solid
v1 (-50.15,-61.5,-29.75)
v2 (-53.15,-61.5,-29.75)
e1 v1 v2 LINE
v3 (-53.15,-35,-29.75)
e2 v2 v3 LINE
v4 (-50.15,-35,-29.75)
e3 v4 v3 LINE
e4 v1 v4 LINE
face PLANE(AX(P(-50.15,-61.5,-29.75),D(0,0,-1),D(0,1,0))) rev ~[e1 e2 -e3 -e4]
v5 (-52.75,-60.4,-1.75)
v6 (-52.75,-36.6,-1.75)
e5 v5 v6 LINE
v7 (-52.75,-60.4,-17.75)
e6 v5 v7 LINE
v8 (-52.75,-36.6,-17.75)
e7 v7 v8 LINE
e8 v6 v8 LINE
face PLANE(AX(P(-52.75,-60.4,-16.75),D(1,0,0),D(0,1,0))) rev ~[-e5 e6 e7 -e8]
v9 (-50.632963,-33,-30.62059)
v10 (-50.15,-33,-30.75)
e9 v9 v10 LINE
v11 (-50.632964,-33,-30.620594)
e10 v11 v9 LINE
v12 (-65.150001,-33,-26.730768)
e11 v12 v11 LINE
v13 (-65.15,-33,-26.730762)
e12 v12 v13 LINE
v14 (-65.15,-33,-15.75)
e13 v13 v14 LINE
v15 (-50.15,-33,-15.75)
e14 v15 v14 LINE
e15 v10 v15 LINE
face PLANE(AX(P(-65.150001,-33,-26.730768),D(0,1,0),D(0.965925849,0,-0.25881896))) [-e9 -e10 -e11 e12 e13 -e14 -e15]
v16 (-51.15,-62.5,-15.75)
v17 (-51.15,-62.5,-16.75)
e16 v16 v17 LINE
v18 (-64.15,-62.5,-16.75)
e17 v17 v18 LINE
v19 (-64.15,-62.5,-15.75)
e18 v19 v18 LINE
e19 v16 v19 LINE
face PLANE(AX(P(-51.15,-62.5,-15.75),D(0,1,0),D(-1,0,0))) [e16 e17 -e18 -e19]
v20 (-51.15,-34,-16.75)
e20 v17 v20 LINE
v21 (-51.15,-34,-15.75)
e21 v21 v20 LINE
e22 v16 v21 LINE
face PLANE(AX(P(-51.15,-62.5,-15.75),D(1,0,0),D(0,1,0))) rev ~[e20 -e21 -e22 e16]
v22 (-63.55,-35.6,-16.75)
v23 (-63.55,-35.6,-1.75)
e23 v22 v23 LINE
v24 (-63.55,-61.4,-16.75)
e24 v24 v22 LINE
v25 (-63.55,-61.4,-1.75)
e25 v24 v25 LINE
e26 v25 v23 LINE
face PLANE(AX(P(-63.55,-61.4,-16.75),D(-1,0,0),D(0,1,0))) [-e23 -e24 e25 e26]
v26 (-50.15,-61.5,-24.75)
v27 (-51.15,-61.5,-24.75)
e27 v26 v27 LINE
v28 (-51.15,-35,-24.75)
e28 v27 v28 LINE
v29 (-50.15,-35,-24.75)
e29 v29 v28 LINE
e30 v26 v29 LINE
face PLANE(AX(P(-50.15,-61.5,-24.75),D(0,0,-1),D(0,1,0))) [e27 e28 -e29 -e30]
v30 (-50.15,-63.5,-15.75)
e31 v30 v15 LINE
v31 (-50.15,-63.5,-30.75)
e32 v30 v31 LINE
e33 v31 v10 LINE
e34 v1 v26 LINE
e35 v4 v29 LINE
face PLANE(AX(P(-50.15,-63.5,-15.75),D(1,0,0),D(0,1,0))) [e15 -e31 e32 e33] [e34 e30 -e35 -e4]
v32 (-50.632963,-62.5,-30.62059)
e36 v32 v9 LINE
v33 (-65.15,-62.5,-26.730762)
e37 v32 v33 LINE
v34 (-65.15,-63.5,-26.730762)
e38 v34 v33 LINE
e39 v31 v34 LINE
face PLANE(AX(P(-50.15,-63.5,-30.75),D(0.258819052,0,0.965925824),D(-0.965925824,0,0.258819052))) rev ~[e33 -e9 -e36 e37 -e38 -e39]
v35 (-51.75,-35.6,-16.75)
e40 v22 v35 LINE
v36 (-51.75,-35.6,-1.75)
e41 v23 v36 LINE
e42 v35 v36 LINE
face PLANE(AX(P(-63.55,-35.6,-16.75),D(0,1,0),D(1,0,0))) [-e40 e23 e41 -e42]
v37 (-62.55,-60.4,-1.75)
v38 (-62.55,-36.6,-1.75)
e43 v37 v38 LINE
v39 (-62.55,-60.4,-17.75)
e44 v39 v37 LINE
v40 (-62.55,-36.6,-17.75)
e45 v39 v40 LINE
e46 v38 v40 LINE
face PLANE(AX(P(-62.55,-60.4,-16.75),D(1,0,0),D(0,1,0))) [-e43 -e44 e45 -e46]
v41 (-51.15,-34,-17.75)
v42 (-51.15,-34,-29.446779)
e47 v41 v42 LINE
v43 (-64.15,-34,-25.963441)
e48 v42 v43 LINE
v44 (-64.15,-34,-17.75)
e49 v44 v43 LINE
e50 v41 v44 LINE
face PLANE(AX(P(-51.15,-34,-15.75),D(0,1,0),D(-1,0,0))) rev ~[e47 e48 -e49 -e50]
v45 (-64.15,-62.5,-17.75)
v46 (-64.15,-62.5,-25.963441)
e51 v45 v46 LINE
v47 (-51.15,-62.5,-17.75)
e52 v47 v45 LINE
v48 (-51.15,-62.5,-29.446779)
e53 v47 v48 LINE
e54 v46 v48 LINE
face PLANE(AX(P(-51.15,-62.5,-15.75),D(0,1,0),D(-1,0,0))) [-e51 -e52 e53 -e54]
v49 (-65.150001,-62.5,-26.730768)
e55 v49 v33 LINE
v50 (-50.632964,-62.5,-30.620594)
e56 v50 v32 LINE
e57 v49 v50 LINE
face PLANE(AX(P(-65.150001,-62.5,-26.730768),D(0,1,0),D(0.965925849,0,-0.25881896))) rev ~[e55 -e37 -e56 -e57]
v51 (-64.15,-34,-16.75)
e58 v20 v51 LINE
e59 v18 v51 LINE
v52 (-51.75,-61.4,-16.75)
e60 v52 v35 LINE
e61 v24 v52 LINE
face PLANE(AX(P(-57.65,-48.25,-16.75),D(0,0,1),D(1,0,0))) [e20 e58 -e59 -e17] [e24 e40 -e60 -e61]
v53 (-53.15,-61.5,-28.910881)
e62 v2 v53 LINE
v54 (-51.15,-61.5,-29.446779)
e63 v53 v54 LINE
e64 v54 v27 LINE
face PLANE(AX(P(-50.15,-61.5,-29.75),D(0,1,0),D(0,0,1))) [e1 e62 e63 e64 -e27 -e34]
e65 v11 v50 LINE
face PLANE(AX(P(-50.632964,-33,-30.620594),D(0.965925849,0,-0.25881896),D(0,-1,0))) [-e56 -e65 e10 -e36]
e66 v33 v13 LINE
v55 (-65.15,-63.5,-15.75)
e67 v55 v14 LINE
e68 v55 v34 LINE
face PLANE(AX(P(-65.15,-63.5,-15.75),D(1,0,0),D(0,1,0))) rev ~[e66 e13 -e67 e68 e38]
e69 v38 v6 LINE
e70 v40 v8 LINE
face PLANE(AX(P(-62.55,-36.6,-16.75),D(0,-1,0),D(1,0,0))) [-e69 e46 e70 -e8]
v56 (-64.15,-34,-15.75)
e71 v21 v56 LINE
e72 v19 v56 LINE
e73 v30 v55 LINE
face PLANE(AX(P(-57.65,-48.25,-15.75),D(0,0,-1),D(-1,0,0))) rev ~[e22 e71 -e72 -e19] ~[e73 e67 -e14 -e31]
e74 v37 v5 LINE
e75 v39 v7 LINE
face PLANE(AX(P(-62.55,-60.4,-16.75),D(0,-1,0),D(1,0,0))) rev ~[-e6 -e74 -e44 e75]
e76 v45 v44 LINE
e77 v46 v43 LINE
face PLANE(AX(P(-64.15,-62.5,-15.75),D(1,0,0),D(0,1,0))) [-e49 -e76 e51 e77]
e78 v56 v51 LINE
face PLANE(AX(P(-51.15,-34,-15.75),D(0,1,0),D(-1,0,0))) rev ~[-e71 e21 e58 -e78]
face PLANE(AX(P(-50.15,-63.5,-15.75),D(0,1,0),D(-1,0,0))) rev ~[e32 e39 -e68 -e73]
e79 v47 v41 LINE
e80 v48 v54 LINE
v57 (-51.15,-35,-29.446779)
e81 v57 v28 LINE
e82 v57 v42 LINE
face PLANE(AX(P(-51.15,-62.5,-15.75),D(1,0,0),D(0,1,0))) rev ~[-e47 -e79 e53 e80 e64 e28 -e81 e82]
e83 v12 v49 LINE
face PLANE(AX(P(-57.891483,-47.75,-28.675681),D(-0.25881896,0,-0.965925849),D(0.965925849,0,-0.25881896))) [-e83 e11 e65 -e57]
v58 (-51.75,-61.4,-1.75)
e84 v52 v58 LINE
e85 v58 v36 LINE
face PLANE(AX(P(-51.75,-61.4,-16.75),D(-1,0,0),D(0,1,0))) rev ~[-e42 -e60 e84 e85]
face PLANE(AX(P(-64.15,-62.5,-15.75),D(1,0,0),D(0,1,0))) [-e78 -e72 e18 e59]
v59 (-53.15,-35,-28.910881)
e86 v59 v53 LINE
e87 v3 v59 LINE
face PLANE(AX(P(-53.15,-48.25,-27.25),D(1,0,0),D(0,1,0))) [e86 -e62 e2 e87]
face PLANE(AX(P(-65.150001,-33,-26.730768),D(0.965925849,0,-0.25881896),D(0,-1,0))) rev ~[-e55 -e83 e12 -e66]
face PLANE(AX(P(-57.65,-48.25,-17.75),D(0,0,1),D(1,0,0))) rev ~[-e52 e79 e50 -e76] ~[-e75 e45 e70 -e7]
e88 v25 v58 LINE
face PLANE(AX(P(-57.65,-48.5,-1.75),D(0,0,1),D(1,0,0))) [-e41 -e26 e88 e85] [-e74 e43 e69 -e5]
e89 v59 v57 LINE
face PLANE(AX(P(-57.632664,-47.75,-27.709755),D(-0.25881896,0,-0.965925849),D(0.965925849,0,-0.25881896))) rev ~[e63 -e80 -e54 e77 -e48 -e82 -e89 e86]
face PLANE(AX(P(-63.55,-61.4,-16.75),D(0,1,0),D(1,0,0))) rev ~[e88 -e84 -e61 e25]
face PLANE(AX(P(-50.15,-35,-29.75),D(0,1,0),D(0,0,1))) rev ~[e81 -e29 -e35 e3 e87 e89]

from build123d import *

# Parameters (mm, degrees)
SKETCH061_W        = 11.8
SKETCH061_H        = 25.8
SKETCH061_W_2      = 9.8
SKETCH061_H_2      = 23.8
PAD031_DEPTH       = 15
SKETCH062_W        = 15
SKETCH062_H        = 30.5
SKETCH062_W_2      = 9.8
SKETCH062_H_2      = 23.8
PAD032_DEPTH       = 1
SKETCH063_W        = 15
SKETCH063_H        = 30.5
SKETCH063_W_2      = 13
SKETCH063_H_2      = 28.5
PAD033_DEPTH       = 15
POCKET007016_DEPTH = 30.501
SKETCH065_W        = 15.029142
SKETCH065_H        = 29.5
PAD034_DEPTH       = 1
SKETCH066_W        = 26.5
SKETCH066_H        = 5
POCKET007017_DEPTH = 3


with BuildPart() as part:
    # Sketch061 → Pad031 (new body)
    with BuildSketch(Plane.XY):
        with Locations((-57.65, -16.5)):
            Rectangle(SKETCH061_W, SKETCH061_H)
        with Locations((-57.65, -16.5)):
            Rectangle(SKETCH061_W_2, SKETCH061_H_2, mode=Mode.SUBTRACT)
    extrude(amount=PAD031_DEPTH)

    # Sketch062 → Pad032 (join)
    with BuildSketch(Plane.XY):
        with Locations((-57.65, -16.25)):
            Rectangle(SKETCH062_W, SKETCH062_H)
        with Locations((-57.65, -16.5)):
            Rectangle(SKETCH062_W_2, SKETCH062_H_2, mode=Mode.SUBTRACT)
    extrude(amount=-PAD032_DEPTH)

    # Sketch063 (on DatumPlane) → Pad033 (join)
    with BuildSketch(Plane(origin=(0, 0, 1), x_dir=(-1, 0, 0), z_dir=(0, 0, -1))):
        with Locations((57.65, -16.25)):
            Rectangle(SKETCH063_W, SKETCH063_H)
        with Locations((57.65, -16.25)):
            Rectangle(SKETCH063_W_2, SKETCH063_H_2, mode=Mode.SUBTRACT)
    extrude(amount=PAD033_DEPTH)

    # Sketch064 (on DatumPlane) → Pocket007016 (cut, through all)
    with BuildSketch(Plane(origin=(-65.15, -31.5, 1), x_dir=(1, 0, 0), z_dir=(0, -1, 0))):
        Polygon((15, -15), (0, -10.980762), (0, -15), align=None)
    extrude(amount=-POCKET007016_DEPTH, mode=Mode.SUBTRACT)

    # Sketch065 (on Face37 of Pocket007016) → Pad034 (join)
    with BuildSketch(Plane(origin=(-6.859413, 0, -25.599678), x_dir=(0.965926, 0, -0.258819), z_dir=(-0.258819, 0, -0.965926))):
        with Locations((-52.832285, 15.75)):
            Rectangle(SKETCH065_W, SKETCH065_H)
    extrude(amount=-PAD034_DEPTH)

    # Sketch066 (on Face36 of Pad034) → Pocket007017 (cut)
    with BuildSketch(Plane.YZ.offset(-50.15)):
        with Locations((-16.25, -10.5)):
            Rectangle(SKETCH066_W, SKETCH066_H)
    extrude(amount=-POCKET007017_DEPTH, mode=Mode.SUBTRACT)


with BuildPart() as part_1:
    # Body004 placement: moved
    add(part.part.moved(Location((0, -32, -16.75))))


solid = part_1.part
